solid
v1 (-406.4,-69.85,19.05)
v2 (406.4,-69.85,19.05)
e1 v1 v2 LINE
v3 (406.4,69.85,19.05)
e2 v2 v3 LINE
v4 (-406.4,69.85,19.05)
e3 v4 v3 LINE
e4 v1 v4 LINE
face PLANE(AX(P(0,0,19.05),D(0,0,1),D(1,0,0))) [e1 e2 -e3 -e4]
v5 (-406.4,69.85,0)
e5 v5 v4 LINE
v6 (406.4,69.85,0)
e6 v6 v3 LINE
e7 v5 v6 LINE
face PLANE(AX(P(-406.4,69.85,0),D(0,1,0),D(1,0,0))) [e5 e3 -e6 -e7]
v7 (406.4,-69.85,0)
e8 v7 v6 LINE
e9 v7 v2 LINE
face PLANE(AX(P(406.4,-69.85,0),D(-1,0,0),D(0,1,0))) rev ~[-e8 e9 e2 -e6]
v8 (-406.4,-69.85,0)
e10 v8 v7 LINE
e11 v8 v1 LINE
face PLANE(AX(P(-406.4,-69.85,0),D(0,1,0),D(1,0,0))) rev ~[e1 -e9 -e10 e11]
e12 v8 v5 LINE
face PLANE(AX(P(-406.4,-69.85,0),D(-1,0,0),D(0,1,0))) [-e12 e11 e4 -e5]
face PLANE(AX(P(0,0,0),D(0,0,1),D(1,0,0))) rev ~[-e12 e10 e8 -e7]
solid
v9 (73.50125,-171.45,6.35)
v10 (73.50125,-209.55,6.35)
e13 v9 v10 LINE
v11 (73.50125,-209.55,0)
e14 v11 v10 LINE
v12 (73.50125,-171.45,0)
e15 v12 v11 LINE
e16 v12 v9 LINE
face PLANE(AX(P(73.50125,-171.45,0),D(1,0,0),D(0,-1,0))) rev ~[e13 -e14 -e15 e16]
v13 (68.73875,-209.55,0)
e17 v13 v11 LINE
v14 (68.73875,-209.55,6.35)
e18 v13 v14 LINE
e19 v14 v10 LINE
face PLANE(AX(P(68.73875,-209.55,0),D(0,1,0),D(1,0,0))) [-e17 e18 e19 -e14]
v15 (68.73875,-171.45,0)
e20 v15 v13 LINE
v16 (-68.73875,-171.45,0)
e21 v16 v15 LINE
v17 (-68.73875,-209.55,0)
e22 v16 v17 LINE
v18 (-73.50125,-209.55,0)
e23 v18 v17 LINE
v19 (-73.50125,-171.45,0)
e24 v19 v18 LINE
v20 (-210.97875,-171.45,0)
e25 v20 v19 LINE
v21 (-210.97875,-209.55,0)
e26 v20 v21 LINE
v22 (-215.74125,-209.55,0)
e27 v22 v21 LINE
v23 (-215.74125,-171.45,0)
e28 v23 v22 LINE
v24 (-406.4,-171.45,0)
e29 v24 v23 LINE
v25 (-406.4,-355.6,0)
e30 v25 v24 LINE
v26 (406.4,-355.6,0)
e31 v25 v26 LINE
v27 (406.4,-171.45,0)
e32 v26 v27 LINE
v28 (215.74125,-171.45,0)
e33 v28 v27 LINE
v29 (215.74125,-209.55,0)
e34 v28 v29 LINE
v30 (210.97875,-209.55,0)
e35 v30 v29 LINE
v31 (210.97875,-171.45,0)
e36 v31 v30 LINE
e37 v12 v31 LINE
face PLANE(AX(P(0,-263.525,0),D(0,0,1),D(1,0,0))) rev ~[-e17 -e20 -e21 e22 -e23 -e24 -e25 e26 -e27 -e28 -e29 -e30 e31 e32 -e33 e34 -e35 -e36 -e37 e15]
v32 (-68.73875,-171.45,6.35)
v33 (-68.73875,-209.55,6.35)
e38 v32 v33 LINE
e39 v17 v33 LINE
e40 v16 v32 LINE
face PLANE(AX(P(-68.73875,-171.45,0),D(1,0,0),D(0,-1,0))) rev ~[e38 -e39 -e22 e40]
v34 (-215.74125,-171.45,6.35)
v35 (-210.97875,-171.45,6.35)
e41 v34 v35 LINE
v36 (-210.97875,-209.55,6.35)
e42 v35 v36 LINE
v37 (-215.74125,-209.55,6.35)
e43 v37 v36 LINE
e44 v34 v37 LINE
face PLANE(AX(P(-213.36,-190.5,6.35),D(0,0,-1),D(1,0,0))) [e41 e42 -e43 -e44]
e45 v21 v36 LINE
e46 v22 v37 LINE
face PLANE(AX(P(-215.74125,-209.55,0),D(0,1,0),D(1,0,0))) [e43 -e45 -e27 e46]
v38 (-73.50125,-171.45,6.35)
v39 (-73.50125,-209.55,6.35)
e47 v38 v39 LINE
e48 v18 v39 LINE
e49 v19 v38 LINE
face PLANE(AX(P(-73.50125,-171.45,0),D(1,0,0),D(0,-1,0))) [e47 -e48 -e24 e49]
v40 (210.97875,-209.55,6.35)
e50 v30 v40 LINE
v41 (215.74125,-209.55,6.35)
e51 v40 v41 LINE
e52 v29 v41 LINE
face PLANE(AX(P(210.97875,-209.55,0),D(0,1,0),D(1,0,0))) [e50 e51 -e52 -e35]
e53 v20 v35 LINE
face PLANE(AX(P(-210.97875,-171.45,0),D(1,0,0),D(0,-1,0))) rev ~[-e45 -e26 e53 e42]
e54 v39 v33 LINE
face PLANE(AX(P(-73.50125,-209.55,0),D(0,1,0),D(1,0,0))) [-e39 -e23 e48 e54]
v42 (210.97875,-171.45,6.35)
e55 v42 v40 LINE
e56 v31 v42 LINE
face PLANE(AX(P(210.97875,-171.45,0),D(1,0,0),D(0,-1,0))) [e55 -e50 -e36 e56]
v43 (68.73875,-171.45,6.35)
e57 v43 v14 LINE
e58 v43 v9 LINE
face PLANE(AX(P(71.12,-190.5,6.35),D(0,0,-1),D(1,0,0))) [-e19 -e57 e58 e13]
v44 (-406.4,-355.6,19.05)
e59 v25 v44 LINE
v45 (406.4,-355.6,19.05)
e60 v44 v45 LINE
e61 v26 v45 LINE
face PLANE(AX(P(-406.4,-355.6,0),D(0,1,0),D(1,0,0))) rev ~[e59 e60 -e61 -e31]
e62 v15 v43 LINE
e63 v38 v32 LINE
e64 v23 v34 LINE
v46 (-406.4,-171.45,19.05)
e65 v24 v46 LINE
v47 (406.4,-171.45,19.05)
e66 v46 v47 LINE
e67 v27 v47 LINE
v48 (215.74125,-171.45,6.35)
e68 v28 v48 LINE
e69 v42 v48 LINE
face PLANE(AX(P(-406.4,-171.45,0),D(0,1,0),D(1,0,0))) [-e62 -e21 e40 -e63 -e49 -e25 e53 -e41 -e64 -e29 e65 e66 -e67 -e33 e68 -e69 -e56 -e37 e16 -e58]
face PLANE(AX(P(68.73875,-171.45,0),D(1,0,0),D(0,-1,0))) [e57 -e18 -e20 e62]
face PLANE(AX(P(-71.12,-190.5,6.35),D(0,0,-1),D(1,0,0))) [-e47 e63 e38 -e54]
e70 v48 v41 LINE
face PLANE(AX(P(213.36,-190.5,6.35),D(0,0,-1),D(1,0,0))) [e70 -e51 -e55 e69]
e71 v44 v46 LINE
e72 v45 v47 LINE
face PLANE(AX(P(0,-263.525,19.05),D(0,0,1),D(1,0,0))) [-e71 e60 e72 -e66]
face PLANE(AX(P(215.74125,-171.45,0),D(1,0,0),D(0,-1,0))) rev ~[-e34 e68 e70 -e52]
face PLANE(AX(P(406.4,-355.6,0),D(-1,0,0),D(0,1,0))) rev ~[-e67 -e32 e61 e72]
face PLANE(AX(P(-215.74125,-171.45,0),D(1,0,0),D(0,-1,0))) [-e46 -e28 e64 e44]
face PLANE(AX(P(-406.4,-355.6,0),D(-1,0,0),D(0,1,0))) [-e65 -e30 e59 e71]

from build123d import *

# Parameters (mm, degrees)
F0_W     = 812.8
F0_H     = 139.7
F1_DEPTH = 19.05
F2_W     = 812.8
F2_H     = 184.15
F3_DEPTH = 19.05
F4_W     = 4.7625
F4_H     = 38.1
F5_DEPTH = 6.35


with BuildPart() as f1:
    # F0 (on Top) → F1 (new body)
    with BuildSketch(Plane.XY):
        Rectangle(F0_W, F0_H)
    extrude(amount=F1_DEPTH)


with BuildPart() as f3:
    # F2 (on Top) → F3 (new body)
    with BuildSketch(Plane.XY):
        with Locations((0, -263.525)):
            Rectangle(F2_W, F2_H)
    extrude(amount=F3_DEPTH)

    # F4 (on face) → F5 (cut)
    with BuildSketch(Plane(origin=(0, 0, 0), x_dir=(1, 0, 0), z_dir=(0, 0, -1))):
        with Locations((71.12, 190.5)):
            Rectangle(F4_W, F4_H)
        with Locations((213.36, 190.5)):
            Rectangle(F4_W, F4_H)
        with Locations((-213.36, 190.5)):
            Rectangle(F4_W, F4_H)
        with Locations((-71.12, 190.5)):
            Rectangle(F4_W, F4_H)
    extrude(amount=-F5_DEPTH, mode=Mode.SUBTRACT)


solid = Compound([f1.part, f3.part])
